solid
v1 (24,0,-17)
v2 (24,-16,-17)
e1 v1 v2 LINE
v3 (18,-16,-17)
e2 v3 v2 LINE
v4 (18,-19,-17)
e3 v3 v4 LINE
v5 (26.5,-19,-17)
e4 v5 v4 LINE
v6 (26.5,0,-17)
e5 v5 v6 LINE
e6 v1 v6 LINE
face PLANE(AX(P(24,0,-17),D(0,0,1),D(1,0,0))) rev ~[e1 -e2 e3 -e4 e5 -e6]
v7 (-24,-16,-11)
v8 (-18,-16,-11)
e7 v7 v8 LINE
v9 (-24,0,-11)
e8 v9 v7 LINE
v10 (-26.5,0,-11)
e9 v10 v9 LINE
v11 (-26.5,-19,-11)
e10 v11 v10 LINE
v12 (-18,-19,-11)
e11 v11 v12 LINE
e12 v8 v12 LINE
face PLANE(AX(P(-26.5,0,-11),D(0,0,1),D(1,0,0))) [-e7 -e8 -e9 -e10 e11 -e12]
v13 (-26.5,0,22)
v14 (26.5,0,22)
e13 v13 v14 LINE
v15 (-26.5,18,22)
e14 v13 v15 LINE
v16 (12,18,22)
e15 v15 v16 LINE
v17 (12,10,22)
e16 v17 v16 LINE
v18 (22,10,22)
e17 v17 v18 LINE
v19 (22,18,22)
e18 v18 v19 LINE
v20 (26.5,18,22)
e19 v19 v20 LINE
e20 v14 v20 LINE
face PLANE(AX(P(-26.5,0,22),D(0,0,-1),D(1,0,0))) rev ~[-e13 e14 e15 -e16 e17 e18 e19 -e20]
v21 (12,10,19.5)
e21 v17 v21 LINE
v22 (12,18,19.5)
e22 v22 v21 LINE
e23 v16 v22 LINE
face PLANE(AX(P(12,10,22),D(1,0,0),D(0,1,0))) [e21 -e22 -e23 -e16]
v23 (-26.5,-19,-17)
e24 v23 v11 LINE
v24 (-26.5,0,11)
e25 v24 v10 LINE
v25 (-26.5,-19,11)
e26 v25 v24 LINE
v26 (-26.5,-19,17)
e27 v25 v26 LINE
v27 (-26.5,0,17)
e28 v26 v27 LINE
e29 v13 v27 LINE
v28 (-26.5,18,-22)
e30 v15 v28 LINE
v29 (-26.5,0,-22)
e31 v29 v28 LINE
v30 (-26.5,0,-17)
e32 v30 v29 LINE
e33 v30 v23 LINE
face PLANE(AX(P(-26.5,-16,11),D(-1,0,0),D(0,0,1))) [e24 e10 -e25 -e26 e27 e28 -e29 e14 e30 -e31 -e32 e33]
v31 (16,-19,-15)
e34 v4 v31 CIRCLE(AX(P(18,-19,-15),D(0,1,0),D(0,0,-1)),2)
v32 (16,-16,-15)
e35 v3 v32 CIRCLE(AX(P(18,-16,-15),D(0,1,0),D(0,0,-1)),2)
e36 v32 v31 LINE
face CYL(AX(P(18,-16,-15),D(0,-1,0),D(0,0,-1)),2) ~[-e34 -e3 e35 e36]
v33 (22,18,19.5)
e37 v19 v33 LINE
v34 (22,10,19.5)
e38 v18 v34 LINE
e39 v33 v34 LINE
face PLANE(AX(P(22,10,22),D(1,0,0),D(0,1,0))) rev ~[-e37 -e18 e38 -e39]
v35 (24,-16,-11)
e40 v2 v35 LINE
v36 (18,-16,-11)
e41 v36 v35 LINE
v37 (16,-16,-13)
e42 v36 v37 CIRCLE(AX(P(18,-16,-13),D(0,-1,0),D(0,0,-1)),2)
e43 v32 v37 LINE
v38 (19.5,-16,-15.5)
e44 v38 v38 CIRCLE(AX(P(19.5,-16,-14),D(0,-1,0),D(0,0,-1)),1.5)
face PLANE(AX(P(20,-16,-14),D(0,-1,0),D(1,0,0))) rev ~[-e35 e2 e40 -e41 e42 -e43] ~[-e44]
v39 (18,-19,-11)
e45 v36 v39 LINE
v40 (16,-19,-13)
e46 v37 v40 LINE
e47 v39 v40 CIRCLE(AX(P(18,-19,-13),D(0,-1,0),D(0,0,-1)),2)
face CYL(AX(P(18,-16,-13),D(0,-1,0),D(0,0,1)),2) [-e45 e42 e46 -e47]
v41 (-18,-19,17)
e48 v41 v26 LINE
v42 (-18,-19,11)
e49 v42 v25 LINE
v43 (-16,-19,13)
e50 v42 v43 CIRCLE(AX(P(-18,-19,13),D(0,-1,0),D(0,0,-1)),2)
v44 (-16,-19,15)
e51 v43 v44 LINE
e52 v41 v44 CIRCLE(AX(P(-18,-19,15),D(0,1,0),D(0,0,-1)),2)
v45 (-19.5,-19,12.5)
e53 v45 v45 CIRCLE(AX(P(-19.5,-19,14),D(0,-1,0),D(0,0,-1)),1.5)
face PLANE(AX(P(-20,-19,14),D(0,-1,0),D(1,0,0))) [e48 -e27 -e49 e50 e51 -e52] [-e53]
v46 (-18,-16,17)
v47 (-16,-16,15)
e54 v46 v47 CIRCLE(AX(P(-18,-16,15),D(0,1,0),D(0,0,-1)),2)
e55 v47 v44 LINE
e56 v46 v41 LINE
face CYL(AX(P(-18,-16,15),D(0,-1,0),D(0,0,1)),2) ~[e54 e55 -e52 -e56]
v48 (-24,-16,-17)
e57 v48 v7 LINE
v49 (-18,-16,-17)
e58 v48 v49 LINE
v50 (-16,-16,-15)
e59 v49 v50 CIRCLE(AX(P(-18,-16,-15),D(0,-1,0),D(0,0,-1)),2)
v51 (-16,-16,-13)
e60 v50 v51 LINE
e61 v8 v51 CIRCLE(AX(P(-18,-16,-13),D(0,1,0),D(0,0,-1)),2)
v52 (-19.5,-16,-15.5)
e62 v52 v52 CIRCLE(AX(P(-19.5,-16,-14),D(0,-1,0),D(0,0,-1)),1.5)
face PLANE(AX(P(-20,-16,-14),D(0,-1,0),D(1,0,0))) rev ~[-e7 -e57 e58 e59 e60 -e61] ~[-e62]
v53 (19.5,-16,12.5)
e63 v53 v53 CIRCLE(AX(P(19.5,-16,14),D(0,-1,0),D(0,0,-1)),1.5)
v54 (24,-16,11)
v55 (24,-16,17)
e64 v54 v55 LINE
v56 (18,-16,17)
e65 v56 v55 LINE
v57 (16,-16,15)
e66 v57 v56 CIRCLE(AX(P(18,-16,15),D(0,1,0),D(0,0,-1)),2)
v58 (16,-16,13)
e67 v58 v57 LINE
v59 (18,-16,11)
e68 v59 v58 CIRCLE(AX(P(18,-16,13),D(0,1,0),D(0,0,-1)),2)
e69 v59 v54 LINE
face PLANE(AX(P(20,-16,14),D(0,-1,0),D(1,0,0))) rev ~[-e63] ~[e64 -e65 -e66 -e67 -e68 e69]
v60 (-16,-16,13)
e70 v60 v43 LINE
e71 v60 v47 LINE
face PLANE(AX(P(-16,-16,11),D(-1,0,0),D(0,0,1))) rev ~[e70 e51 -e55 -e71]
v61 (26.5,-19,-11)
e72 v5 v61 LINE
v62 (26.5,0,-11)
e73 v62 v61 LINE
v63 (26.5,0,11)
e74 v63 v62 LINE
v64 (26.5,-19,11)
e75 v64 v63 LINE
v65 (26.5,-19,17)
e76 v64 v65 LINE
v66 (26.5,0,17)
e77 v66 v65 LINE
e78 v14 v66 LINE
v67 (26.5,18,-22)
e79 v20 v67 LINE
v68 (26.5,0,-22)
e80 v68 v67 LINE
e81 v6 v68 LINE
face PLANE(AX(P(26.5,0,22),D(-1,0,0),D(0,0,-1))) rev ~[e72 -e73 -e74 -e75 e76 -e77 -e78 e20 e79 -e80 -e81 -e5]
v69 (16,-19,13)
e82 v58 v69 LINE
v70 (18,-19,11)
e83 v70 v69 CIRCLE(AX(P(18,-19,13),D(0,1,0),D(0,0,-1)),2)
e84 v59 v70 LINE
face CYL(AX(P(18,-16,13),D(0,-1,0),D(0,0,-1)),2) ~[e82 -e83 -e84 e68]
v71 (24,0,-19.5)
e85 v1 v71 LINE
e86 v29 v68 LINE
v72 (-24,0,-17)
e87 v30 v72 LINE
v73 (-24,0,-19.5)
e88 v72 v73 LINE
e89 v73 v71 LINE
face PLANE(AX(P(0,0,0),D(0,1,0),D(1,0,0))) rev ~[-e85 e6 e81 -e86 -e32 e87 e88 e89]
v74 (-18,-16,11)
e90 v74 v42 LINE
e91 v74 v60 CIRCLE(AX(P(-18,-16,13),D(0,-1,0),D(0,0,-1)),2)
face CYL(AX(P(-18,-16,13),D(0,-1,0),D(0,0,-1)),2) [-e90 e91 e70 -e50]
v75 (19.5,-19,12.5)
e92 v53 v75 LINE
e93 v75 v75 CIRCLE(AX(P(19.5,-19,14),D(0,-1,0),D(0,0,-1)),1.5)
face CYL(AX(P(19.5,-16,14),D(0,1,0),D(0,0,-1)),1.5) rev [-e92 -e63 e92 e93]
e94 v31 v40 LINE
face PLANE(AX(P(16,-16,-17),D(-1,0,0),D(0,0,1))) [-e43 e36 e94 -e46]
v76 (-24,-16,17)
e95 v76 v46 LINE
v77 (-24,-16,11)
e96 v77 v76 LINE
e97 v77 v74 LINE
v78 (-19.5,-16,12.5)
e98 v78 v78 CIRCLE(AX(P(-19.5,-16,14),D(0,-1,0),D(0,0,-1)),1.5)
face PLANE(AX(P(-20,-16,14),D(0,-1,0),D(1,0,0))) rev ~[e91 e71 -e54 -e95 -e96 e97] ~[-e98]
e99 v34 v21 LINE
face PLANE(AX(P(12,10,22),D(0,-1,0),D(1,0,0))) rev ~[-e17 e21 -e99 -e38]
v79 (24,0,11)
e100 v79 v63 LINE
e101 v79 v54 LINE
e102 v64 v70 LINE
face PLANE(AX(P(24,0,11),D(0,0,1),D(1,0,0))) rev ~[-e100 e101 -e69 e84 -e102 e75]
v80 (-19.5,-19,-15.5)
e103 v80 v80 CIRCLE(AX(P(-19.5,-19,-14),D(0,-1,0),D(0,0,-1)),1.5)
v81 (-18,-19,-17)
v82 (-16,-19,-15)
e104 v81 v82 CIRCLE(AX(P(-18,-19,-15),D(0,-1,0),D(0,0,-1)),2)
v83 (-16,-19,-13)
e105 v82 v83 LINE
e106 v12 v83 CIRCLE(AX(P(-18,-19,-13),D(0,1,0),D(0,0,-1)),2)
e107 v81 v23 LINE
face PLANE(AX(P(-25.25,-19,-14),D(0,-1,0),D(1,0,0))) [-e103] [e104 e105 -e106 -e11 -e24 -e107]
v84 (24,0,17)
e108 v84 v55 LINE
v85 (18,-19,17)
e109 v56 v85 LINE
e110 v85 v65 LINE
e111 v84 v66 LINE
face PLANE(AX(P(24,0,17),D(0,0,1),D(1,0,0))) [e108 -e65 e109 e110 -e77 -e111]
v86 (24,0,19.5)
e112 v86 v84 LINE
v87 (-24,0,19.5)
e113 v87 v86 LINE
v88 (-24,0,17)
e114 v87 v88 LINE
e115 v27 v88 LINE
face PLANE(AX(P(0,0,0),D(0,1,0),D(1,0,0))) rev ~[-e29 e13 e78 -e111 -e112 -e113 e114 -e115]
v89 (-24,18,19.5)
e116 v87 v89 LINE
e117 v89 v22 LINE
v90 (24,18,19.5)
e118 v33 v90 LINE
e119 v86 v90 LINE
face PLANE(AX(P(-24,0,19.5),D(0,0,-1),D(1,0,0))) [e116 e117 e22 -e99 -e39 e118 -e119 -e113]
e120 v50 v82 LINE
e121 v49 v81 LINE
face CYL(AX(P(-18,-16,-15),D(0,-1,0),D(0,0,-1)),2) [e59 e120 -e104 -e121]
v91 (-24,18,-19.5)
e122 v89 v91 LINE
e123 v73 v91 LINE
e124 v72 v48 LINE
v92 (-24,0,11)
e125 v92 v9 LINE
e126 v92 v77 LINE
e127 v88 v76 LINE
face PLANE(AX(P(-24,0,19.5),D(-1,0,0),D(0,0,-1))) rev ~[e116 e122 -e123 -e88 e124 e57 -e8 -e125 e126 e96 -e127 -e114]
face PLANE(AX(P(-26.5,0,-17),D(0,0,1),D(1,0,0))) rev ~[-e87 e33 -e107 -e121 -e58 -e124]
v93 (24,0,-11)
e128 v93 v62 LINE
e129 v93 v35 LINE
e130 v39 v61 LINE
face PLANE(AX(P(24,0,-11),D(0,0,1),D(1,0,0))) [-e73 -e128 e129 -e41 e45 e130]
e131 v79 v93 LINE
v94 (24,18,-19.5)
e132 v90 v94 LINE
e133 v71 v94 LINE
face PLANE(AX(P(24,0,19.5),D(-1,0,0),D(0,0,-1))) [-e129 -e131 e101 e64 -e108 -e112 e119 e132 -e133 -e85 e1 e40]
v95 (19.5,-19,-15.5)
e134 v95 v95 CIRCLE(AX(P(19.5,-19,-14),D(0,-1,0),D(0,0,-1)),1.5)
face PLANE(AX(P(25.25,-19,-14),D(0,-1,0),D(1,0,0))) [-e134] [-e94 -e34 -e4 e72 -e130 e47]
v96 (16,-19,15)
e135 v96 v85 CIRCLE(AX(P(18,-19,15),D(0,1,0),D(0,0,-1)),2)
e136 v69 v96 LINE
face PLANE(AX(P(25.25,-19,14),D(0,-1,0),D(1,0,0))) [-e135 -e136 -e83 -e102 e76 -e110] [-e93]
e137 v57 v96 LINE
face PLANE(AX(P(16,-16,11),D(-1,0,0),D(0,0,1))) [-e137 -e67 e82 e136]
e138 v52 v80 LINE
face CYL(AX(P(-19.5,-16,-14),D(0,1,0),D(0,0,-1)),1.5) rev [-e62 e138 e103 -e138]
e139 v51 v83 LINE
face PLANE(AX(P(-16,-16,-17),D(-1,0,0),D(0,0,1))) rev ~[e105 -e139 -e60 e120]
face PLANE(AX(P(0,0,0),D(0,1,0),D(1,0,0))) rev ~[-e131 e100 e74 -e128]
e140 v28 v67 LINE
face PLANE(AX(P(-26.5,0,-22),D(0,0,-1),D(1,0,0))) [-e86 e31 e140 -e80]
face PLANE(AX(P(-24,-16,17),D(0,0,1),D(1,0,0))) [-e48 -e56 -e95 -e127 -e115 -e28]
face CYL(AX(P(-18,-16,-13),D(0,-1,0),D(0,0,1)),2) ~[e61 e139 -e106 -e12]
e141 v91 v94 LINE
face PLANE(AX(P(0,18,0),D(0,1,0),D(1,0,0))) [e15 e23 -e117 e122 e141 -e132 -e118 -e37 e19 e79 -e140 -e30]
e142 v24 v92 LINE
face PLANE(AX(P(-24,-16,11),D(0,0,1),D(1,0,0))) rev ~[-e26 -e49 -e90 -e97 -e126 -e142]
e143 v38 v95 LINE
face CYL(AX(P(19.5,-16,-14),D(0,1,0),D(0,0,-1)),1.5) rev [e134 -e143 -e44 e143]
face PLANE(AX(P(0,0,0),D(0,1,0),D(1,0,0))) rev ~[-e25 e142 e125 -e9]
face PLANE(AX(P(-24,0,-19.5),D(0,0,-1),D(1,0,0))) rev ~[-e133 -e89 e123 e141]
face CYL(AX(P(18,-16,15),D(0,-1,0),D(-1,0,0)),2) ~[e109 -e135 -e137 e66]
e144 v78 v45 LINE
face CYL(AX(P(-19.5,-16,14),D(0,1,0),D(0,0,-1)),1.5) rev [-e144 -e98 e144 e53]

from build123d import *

# Parameters (mm, degrees)
SKETCH_1_W          = 53
SKETCH_1_H          = 44
SKETCH_1_W_2        = 48
SKETCH_1_H_2        = 39
EXTRUDE_1_DEPTH     = 18
SKETCH_2_W          = 2.5
SKETCH_2_H          = 6
EXTRUDE_2_DEPTH     = 16
SKETCH_3_W          = 8
SKETCH_3_H          = 6
SKETCH_3_R          = 1.5
SKETCH_3_W_2        = 2.5
EXTRUDE_3_DEPTH     = 3
FILLET_1_R          = 2
SKETCH_4_W          = 10
SKETCH_4_H          = 8
CUT_EXTRUDE_1_DEPTH = 5


with BuildPart() as part:
    # 草图1 → 凸台-拉伸1 (new body)
    with BuildSketch(Plane(origin=(0, 0, 0), x_dir=(1, 0, 0), z_dir=(0, 1, 0))):
        Rectangle(SKETCH_1_W, SKETCH_1_H)
        Rectangle(SKETCH_1_W_2, SKETCH_1_H_2, mode=Mode.SUBTRACT)
    extrude(amount=EXTRUDE_1_DEPTH)

    # 草图2 → 凸台-拉伸2 (add)
    with BuildSketch(Plane.XZ):
        with Locations((25.25, 14)):
            Rectangle(SKETCH_2_W, SKETCH_2_H)
        with Locations((25.25, -14)):
            Rectangle(SKETCH_2_W, SKETCH_2_H)
        with Locations((-25.25, -14)):
            Rectangle(SKETCH_2_W, SKETCH_2_H)
        with Locations((-25.25, 14)):
            Rectangle(SKETCH_2_W, SKETCH_2_H)
    extrude(amount=EXTRUDE_2_DEPTH)

    # 草图3 → 凸台-拉伸3 (add)
    # profile 1 of 8: a face of its own
    with BuildSketch(Plane.XZ.offset(16)):
        with Locations((-20, 14)):
            Rectangle(SKETCH_3_W, SKETCH_3_H)
        with Locations(Location((-19.5, 14, 0), (0, 0, 270))):
            Circle(SKETCH_3_R, mode=Mode.SUBTRACT)
    # profile 2 of 8: a face of its own
    with BuildSketch(Plane.XZ.offset(16)):
        with Locations((-25.25, 14)):
            Rectangle(SKETCH_3_W_2, SKETCH_3_H)
    # profile 3 of 8: a face of its own
    with BuildSketch(Plane.XZ.offset(16)):
        with Locations((25.25, 14)):
            Rectangle(SKETCH_3_W_2, SKETCH_3_H)
    # profile 4 of 8: a face of its own
    with BuildSketch(Plane.XZ.offset(16)):
        with Locations((20, 14)):
            Rectangle(SKETCH_3_W, SKETCH_3_H)
        with Locations(Location((19.5, 14, 0), (0, 0, 270))):
            Circle(SKETCH_3_R, mode=Mode.SUBTRACT)
    # profile 5 of 8: a face of its own
    with BuildSketch(Plane.XZ.offset(16)):
        with Locations((20, -14)):
            Rectangle(SKETCH_3_W, SKETCH_3_H)
        with Locations(Location((19.5, -14, 0), (0, 0, 270))):
            Circle(SKETCH_3_R, mode=Mode.SUBTRACT)
    # profile 6 of 8: a face of its own
    with BuildSketch(Plane.XZ.offset(16)):
        with Locations((25.25, -14)):
            Rectangle(SKETCH_3_W_2, SKETCH_3_H)
    # profile 7 of 8: a face of its own
    with BuildSketch(Plane.XZ.offset(16)):
        with Locations((-25.25, -14)):
            Rectangle(SKETCH_3_W_2, SKETCH_3_H)
    # profile 8 of 8: a face of its own
    with BuildSketch(Plane.XZ.offset(16)):
        with Locations((-20, -14)):
            Rectangle(SKETCH_3_W, SKETCH_3_H)
        with Locations(Location((-19.5, -14, 0), (0, 0, 270))):
            Circle(SKETCH_3_R, mode=Mode.SUBTRACT)
    extrude(amount=EXTRUDE_3_DEPTH)

    # 圆角1
    fillet_1_edges = [part.edges().sort_by_distance(p)[0] for p in [
        (16, -17.5, -17),
        (16, -17.5, -11),
        (-16, -17.5, -17),
        (-16, -17.5, -11),
        (-16, -17.5, 17),
        (-16, -17.5, 11),
        (16, -17.5, 17),
        (16, -17.5, 11),
    ]]
    fillet(fillet_1_edges, radius=FILLET_1_R)

    # 草图4 → 切除-拉伸1 (cut)
    with BuildSketch(Plane.XY.offset(22)):
        with Locations((17, 14)):
            Rectangle(SKETCH_4_W, SKETCH_4_H)
    extrude(amount=-CUT_EXTRUDE_1_DEPTH, mode=Mode.SUBTRACT)


solid = part.part
